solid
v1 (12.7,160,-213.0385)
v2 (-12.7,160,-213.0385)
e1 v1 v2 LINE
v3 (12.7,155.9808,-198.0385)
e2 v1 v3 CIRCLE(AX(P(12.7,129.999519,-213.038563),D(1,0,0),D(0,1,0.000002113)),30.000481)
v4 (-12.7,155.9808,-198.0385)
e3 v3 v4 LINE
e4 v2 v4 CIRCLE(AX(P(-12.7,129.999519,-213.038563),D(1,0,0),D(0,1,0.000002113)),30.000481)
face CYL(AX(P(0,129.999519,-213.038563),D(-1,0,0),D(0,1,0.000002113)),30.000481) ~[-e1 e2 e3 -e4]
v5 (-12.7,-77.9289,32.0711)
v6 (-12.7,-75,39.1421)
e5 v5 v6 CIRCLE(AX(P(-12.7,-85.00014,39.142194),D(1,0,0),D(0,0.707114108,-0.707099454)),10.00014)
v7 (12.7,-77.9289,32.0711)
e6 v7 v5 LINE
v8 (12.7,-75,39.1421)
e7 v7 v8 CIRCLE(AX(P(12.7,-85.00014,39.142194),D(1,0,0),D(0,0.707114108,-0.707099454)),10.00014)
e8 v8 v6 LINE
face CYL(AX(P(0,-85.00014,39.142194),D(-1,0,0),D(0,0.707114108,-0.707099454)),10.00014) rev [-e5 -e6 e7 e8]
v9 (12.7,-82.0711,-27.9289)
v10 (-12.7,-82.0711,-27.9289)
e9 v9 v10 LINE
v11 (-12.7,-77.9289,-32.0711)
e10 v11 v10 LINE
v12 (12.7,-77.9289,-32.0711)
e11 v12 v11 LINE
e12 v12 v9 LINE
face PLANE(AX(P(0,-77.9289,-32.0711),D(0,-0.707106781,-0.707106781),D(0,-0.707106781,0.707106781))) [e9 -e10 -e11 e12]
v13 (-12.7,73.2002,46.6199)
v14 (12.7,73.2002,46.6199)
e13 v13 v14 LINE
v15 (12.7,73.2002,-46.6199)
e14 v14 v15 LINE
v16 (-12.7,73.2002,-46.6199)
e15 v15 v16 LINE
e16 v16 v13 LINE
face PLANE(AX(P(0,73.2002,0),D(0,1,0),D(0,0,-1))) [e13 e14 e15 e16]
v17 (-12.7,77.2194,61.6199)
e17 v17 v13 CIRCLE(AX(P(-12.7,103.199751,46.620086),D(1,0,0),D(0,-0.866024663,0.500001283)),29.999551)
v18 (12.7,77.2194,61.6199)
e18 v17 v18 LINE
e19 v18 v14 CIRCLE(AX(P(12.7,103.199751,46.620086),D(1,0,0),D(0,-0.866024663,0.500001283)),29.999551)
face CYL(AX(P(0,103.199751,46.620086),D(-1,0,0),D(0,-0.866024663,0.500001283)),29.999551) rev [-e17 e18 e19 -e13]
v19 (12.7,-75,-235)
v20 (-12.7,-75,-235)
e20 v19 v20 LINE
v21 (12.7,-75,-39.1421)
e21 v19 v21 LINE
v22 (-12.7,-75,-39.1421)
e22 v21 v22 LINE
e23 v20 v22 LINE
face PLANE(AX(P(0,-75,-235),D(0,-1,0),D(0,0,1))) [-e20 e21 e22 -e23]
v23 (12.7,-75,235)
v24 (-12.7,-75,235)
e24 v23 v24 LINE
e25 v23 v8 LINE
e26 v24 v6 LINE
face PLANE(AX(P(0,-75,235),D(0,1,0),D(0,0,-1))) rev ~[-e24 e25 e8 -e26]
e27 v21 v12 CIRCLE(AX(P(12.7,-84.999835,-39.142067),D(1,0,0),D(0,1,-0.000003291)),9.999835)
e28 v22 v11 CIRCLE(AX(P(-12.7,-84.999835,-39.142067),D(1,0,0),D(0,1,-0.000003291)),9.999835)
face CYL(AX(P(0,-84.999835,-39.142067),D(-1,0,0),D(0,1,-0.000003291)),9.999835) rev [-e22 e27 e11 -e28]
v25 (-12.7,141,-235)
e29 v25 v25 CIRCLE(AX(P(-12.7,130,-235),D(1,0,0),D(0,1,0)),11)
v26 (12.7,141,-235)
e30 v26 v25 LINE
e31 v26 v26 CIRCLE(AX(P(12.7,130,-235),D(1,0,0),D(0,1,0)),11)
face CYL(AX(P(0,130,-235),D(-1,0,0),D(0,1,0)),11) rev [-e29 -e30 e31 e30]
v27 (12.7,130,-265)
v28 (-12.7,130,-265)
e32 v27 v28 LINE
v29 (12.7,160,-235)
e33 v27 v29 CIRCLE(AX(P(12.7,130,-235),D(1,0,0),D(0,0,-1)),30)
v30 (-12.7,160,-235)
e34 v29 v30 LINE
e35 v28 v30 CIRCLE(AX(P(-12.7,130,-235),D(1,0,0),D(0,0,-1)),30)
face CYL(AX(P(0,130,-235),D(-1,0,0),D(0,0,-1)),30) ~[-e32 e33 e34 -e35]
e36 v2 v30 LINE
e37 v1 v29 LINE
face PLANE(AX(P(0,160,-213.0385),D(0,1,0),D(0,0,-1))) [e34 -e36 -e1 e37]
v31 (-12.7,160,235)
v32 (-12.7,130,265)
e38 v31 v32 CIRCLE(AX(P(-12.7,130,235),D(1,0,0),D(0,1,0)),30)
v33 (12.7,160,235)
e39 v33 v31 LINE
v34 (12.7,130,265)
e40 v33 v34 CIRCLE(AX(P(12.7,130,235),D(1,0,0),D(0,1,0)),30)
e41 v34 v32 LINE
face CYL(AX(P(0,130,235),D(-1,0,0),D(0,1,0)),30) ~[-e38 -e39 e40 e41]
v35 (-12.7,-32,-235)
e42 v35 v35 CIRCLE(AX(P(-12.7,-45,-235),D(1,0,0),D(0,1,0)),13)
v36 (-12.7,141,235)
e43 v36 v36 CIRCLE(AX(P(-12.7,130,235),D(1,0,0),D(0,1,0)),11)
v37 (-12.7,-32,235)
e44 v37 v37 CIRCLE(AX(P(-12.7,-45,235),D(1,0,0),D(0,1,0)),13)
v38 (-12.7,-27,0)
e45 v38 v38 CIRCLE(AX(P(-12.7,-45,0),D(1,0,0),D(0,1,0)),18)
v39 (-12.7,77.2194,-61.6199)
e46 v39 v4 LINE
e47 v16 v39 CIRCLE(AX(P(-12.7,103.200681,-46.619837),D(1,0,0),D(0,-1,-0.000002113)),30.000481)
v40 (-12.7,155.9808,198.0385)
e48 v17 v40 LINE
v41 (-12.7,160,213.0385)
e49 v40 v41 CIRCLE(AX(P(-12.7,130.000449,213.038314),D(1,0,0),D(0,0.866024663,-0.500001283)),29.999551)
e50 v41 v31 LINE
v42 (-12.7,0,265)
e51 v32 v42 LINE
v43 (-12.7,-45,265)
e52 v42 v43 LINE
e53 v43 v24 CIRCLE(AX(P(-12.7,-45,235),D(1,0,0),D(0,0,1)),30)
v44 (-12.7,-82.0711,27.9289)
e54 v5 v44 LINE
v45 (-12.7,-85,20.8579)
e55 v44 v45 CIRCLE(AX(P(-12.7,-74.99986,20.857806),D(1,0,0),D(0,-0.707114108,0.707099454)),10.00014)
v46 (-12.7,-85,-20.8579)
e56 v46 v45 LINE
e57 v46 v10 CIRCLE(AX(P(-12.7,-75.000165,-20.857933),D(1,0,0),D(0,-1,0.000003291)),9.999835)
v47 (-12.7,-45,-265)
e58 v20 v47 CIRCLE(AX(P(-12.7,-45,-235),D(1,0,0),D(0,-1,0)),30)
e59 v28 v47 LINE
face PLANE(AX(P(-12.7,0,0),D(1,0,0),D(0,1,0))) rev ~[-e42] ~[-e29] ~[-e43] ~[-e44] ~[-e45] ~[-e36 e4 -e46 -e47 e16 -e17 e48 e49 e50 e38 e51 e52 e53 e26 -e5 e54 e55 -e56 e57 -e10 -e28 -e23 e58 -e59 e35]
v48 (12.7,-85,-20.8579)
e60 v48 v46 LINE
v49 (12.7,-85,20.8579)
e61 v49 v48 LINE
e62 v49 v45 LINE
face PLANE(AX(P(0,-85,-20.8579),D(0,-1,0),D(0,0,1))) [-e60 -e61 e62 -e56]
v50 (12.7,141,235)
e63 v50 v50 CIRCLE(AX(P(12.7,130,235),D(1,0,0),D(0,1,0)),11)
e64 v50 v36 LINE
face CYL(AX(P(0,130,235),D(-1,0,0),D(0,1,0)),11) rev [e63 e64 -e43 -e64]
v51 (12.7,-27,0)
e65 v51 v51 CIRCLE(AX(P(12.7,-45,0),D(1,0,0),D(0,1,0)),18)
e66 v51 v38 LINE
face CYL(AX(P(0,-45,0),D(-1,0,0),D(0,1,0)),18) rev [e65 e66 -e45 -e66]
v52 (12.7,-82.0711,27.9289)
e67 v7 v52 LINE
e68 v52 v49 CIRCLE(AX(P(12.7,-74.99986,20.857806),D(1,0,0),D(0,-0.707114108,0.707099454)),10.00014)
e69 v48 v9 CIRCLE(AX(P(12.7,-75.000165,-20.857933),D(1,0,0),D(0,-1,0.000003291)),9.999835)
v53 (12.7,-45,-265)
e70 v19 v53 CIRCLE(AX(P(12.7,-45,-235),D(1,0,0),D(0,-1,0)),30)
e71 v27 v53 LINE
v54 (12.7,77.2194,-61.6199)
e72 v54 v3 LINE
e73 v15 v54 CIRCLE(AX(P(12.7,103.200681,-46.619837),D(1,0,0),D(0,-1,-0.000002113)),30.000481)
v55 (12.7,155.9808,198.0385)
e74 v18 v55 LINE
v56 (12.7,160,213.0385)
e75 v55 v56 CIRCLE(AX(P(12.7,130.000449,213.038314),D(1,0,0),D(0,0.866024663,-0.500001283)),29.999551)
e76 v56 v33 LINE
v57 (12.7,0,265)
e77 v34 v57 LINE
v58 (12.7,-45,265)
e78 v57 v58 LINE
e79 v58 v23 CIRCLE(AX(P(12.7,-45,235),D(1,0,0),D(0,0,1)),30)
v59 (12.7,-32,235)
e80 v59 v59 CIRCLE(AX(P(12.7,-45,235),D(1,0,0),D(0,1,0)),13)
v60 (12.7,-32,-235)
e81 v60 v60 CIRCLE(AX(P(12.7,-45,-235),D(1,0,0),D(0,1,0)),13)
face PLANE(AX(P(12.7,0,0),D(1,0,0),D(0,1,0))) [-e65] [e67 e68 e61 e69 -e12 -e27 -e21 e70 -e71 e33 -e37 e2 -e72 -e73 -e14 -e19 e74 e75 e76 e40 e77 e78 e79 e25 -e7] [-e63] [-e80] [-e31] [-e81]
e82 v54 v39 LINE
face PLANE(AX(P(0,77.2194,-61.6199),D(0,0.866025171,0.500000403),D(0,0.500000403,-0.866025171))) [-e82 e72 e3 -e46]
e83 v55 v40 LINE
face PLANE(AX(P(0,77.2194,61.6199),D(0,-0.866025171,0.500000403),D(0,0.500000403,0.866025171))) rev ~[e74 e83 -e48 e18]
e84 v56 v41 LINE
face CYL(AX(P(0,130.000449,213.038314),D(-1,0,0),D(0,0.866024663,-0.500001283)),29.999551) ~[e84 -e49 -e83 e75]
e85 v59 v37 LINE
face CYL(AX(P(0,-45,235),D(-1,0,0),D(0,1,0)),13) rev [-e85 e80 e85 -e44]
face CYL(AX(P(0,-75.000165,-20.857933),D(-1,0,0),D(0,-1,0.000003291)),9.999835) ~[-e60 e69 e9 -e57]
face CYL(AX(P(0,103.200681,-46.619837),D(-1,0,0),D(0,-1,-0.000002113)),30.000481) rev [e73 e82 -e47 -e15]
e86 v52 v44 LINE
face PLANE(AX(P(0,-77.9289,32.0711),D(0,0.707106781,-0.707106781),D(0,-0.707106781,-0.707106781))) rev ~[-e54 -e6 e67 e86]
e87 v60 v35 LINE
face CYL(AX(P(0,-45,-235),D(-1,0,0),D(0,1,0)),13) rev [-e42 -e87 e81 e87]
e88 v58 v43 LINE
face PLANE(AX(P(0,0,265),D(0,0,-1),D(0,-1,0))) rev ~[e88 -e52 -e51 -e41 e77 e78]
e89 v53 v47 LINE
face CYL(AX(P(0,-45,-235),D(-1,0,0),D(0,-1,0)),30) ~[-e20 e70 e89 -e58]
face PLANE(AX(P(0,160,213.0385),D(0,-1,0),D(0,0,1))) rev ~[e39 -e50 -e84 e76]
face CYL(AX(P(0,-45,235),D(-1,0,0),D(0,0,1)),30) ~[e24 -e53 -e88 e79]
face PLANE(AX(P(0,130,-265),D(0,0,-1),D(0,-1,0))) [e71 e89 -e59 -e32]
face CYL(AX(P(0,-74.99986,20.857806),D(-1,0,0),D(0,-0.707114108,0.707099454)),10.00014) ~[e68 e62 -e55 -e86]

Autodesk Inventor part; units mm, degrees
ref_plane "YZ Plane" through (0, 0, 0) normal (1, 0, 0) x (0, 1, 0)
ref_plane "XZ Plane" through (0, 0, 0) normal (0, 1, 0) x (-1, 0, 0)
ref_plane "XY Plane" through (0, 0, 0) normal (0, 0, 1) x (1, 0, 0)
sketch "Sketch1" plane through (0, 0, 0) normal (1, 0, 0) x (0, 1, 0)
  line L0 (45, 0) -> (0, 0)
  circle A0 centre (130, 235) radius 11
  line L1 (73.2002, 0) -> (73.2002, 46.6199)
  line L2 (77.2194, 61.6199) -> (155.9808, 198.0385)
  line L3 (160, 213.0385) -> (160, 235)
  arc A1 (160, 235) -> (130, 265) centre (130, 235) ccw
  line L4 (130, 235) -> (130, 265) construction
  line L5 (130, 235) -> (160, 235) construction
  line L6 (130, 265) -> (-45, 265)
  circle A2 centre (-45, 0) radius 18
  line L7 (0, 0) -> (0, 265)
  circle A3 centre (-45, 235) radius 13
  arc A4 (-45, 265) -> (-75, 235) centre (-45, 235) ccw
  line L8 (-45, 235) -> (-75, 235) construction
  line L9 (-45, 235) -> (-45, 265) construction
  line L10 (-75, 235) -> (-75, 39.1421)
  line L11 (0, 0) -> (-45, 0)
  circle A5 centre (130, -235) radius 11
  line L12 (73.2002, 0) -> (73.2002, -46.6199)
  line L13 (77.2194, -61.6199) -> (155.9808, -198.0385)
  line L14 (160, -213.0385) -> (160, -235)
  arc A6 (130, -265) -> (160, -235) centre (130, -235) ccw
  line L15 (130, -265) -> (-45, -265)
  circle A7 centre (-45, -235) radius 13
  arc A8 (-75, -235) -> (-45, -265) centre (-45, -235) ccw
  line L16 (-45, -235) -> (-75, -235) construction
  line L17 (-75, -235) -> (-75, -39.1421)
  arc A9 (155.9808, 198.0385) -> (160, 213.0385) centre (130, 213.0385) ccw
  arc A10 (77.2194, 61.6199) -> (73.2002, 46.6199) centre (103.2002, 46.6199) ccw
  arc A11 (73.2002, -46.6199) -> (77.2194, -61.6199) centre (103.2002, -46.6199) ccw
  arc A12 (160, -213.0385) -> (155.9808, -198.0385) centre (130, -213.0385) ccw
  line L18 (-77.9289, 32.0711) -> (-82.0711, 27.9289)
  line L19 (-85, 20.8579) -> (-85, 0)
  line L20 (-77.9289, -32.0711) -> (-82.0711, -27.9289)
  line L21 (-85, -20.8579) -> (-85, 0)
  arc A13 (-77.9289, 32.0711) -> (-75, 39.1421) centre (-85, 39.1421) ccw
  arc A14 (-82.0711, 27.9289) -> (-85, 20.8579) centre (-75, 20.8579) ccw
  arc A15 (-85, -20.8579) -> (-82.0711, -27.9289) centre (-75, -20.8579) ccw
  arc A16 (-75, -39.1421) -> (-77.9289, -32.0711) centre (-85, -39.1421) ccw
  point P0 (73.2002, 54.6584)
  point P1 (160, 205)
  point P2 (-75, -35)
  point P3 (48.2002, -10.5242)
  point P4 (73.2002, -54.6584)
  point P5 (160, -205)
  point P6 (-85, 25)
  point P7 (-75, 35)
  point P8 (-85, -25)
  dimension "d1" = 22
  dimension "d2" = 470
  dimension "d3" = 90
  dimension "d4" = 36
  dimension "d7" = 30
  dimension "d8" = 26
  dimension "d9" = 90
  dimension "d11" = 25
  dimension "d12" = 85
  dimension "d13" = 90
  dimension "d14" = 30
  dimension "d15" = 30
  dimension "d16" = 30
  dimension "d19" = 45
  dimension "d20" = 40
  dimension "d21" = 50
  dimension "d22" = 10
extrude "Extrusion1" add sketch "Sketch1" along normal mid plane 25.4
properties part number "Balancim_Duplicador"
